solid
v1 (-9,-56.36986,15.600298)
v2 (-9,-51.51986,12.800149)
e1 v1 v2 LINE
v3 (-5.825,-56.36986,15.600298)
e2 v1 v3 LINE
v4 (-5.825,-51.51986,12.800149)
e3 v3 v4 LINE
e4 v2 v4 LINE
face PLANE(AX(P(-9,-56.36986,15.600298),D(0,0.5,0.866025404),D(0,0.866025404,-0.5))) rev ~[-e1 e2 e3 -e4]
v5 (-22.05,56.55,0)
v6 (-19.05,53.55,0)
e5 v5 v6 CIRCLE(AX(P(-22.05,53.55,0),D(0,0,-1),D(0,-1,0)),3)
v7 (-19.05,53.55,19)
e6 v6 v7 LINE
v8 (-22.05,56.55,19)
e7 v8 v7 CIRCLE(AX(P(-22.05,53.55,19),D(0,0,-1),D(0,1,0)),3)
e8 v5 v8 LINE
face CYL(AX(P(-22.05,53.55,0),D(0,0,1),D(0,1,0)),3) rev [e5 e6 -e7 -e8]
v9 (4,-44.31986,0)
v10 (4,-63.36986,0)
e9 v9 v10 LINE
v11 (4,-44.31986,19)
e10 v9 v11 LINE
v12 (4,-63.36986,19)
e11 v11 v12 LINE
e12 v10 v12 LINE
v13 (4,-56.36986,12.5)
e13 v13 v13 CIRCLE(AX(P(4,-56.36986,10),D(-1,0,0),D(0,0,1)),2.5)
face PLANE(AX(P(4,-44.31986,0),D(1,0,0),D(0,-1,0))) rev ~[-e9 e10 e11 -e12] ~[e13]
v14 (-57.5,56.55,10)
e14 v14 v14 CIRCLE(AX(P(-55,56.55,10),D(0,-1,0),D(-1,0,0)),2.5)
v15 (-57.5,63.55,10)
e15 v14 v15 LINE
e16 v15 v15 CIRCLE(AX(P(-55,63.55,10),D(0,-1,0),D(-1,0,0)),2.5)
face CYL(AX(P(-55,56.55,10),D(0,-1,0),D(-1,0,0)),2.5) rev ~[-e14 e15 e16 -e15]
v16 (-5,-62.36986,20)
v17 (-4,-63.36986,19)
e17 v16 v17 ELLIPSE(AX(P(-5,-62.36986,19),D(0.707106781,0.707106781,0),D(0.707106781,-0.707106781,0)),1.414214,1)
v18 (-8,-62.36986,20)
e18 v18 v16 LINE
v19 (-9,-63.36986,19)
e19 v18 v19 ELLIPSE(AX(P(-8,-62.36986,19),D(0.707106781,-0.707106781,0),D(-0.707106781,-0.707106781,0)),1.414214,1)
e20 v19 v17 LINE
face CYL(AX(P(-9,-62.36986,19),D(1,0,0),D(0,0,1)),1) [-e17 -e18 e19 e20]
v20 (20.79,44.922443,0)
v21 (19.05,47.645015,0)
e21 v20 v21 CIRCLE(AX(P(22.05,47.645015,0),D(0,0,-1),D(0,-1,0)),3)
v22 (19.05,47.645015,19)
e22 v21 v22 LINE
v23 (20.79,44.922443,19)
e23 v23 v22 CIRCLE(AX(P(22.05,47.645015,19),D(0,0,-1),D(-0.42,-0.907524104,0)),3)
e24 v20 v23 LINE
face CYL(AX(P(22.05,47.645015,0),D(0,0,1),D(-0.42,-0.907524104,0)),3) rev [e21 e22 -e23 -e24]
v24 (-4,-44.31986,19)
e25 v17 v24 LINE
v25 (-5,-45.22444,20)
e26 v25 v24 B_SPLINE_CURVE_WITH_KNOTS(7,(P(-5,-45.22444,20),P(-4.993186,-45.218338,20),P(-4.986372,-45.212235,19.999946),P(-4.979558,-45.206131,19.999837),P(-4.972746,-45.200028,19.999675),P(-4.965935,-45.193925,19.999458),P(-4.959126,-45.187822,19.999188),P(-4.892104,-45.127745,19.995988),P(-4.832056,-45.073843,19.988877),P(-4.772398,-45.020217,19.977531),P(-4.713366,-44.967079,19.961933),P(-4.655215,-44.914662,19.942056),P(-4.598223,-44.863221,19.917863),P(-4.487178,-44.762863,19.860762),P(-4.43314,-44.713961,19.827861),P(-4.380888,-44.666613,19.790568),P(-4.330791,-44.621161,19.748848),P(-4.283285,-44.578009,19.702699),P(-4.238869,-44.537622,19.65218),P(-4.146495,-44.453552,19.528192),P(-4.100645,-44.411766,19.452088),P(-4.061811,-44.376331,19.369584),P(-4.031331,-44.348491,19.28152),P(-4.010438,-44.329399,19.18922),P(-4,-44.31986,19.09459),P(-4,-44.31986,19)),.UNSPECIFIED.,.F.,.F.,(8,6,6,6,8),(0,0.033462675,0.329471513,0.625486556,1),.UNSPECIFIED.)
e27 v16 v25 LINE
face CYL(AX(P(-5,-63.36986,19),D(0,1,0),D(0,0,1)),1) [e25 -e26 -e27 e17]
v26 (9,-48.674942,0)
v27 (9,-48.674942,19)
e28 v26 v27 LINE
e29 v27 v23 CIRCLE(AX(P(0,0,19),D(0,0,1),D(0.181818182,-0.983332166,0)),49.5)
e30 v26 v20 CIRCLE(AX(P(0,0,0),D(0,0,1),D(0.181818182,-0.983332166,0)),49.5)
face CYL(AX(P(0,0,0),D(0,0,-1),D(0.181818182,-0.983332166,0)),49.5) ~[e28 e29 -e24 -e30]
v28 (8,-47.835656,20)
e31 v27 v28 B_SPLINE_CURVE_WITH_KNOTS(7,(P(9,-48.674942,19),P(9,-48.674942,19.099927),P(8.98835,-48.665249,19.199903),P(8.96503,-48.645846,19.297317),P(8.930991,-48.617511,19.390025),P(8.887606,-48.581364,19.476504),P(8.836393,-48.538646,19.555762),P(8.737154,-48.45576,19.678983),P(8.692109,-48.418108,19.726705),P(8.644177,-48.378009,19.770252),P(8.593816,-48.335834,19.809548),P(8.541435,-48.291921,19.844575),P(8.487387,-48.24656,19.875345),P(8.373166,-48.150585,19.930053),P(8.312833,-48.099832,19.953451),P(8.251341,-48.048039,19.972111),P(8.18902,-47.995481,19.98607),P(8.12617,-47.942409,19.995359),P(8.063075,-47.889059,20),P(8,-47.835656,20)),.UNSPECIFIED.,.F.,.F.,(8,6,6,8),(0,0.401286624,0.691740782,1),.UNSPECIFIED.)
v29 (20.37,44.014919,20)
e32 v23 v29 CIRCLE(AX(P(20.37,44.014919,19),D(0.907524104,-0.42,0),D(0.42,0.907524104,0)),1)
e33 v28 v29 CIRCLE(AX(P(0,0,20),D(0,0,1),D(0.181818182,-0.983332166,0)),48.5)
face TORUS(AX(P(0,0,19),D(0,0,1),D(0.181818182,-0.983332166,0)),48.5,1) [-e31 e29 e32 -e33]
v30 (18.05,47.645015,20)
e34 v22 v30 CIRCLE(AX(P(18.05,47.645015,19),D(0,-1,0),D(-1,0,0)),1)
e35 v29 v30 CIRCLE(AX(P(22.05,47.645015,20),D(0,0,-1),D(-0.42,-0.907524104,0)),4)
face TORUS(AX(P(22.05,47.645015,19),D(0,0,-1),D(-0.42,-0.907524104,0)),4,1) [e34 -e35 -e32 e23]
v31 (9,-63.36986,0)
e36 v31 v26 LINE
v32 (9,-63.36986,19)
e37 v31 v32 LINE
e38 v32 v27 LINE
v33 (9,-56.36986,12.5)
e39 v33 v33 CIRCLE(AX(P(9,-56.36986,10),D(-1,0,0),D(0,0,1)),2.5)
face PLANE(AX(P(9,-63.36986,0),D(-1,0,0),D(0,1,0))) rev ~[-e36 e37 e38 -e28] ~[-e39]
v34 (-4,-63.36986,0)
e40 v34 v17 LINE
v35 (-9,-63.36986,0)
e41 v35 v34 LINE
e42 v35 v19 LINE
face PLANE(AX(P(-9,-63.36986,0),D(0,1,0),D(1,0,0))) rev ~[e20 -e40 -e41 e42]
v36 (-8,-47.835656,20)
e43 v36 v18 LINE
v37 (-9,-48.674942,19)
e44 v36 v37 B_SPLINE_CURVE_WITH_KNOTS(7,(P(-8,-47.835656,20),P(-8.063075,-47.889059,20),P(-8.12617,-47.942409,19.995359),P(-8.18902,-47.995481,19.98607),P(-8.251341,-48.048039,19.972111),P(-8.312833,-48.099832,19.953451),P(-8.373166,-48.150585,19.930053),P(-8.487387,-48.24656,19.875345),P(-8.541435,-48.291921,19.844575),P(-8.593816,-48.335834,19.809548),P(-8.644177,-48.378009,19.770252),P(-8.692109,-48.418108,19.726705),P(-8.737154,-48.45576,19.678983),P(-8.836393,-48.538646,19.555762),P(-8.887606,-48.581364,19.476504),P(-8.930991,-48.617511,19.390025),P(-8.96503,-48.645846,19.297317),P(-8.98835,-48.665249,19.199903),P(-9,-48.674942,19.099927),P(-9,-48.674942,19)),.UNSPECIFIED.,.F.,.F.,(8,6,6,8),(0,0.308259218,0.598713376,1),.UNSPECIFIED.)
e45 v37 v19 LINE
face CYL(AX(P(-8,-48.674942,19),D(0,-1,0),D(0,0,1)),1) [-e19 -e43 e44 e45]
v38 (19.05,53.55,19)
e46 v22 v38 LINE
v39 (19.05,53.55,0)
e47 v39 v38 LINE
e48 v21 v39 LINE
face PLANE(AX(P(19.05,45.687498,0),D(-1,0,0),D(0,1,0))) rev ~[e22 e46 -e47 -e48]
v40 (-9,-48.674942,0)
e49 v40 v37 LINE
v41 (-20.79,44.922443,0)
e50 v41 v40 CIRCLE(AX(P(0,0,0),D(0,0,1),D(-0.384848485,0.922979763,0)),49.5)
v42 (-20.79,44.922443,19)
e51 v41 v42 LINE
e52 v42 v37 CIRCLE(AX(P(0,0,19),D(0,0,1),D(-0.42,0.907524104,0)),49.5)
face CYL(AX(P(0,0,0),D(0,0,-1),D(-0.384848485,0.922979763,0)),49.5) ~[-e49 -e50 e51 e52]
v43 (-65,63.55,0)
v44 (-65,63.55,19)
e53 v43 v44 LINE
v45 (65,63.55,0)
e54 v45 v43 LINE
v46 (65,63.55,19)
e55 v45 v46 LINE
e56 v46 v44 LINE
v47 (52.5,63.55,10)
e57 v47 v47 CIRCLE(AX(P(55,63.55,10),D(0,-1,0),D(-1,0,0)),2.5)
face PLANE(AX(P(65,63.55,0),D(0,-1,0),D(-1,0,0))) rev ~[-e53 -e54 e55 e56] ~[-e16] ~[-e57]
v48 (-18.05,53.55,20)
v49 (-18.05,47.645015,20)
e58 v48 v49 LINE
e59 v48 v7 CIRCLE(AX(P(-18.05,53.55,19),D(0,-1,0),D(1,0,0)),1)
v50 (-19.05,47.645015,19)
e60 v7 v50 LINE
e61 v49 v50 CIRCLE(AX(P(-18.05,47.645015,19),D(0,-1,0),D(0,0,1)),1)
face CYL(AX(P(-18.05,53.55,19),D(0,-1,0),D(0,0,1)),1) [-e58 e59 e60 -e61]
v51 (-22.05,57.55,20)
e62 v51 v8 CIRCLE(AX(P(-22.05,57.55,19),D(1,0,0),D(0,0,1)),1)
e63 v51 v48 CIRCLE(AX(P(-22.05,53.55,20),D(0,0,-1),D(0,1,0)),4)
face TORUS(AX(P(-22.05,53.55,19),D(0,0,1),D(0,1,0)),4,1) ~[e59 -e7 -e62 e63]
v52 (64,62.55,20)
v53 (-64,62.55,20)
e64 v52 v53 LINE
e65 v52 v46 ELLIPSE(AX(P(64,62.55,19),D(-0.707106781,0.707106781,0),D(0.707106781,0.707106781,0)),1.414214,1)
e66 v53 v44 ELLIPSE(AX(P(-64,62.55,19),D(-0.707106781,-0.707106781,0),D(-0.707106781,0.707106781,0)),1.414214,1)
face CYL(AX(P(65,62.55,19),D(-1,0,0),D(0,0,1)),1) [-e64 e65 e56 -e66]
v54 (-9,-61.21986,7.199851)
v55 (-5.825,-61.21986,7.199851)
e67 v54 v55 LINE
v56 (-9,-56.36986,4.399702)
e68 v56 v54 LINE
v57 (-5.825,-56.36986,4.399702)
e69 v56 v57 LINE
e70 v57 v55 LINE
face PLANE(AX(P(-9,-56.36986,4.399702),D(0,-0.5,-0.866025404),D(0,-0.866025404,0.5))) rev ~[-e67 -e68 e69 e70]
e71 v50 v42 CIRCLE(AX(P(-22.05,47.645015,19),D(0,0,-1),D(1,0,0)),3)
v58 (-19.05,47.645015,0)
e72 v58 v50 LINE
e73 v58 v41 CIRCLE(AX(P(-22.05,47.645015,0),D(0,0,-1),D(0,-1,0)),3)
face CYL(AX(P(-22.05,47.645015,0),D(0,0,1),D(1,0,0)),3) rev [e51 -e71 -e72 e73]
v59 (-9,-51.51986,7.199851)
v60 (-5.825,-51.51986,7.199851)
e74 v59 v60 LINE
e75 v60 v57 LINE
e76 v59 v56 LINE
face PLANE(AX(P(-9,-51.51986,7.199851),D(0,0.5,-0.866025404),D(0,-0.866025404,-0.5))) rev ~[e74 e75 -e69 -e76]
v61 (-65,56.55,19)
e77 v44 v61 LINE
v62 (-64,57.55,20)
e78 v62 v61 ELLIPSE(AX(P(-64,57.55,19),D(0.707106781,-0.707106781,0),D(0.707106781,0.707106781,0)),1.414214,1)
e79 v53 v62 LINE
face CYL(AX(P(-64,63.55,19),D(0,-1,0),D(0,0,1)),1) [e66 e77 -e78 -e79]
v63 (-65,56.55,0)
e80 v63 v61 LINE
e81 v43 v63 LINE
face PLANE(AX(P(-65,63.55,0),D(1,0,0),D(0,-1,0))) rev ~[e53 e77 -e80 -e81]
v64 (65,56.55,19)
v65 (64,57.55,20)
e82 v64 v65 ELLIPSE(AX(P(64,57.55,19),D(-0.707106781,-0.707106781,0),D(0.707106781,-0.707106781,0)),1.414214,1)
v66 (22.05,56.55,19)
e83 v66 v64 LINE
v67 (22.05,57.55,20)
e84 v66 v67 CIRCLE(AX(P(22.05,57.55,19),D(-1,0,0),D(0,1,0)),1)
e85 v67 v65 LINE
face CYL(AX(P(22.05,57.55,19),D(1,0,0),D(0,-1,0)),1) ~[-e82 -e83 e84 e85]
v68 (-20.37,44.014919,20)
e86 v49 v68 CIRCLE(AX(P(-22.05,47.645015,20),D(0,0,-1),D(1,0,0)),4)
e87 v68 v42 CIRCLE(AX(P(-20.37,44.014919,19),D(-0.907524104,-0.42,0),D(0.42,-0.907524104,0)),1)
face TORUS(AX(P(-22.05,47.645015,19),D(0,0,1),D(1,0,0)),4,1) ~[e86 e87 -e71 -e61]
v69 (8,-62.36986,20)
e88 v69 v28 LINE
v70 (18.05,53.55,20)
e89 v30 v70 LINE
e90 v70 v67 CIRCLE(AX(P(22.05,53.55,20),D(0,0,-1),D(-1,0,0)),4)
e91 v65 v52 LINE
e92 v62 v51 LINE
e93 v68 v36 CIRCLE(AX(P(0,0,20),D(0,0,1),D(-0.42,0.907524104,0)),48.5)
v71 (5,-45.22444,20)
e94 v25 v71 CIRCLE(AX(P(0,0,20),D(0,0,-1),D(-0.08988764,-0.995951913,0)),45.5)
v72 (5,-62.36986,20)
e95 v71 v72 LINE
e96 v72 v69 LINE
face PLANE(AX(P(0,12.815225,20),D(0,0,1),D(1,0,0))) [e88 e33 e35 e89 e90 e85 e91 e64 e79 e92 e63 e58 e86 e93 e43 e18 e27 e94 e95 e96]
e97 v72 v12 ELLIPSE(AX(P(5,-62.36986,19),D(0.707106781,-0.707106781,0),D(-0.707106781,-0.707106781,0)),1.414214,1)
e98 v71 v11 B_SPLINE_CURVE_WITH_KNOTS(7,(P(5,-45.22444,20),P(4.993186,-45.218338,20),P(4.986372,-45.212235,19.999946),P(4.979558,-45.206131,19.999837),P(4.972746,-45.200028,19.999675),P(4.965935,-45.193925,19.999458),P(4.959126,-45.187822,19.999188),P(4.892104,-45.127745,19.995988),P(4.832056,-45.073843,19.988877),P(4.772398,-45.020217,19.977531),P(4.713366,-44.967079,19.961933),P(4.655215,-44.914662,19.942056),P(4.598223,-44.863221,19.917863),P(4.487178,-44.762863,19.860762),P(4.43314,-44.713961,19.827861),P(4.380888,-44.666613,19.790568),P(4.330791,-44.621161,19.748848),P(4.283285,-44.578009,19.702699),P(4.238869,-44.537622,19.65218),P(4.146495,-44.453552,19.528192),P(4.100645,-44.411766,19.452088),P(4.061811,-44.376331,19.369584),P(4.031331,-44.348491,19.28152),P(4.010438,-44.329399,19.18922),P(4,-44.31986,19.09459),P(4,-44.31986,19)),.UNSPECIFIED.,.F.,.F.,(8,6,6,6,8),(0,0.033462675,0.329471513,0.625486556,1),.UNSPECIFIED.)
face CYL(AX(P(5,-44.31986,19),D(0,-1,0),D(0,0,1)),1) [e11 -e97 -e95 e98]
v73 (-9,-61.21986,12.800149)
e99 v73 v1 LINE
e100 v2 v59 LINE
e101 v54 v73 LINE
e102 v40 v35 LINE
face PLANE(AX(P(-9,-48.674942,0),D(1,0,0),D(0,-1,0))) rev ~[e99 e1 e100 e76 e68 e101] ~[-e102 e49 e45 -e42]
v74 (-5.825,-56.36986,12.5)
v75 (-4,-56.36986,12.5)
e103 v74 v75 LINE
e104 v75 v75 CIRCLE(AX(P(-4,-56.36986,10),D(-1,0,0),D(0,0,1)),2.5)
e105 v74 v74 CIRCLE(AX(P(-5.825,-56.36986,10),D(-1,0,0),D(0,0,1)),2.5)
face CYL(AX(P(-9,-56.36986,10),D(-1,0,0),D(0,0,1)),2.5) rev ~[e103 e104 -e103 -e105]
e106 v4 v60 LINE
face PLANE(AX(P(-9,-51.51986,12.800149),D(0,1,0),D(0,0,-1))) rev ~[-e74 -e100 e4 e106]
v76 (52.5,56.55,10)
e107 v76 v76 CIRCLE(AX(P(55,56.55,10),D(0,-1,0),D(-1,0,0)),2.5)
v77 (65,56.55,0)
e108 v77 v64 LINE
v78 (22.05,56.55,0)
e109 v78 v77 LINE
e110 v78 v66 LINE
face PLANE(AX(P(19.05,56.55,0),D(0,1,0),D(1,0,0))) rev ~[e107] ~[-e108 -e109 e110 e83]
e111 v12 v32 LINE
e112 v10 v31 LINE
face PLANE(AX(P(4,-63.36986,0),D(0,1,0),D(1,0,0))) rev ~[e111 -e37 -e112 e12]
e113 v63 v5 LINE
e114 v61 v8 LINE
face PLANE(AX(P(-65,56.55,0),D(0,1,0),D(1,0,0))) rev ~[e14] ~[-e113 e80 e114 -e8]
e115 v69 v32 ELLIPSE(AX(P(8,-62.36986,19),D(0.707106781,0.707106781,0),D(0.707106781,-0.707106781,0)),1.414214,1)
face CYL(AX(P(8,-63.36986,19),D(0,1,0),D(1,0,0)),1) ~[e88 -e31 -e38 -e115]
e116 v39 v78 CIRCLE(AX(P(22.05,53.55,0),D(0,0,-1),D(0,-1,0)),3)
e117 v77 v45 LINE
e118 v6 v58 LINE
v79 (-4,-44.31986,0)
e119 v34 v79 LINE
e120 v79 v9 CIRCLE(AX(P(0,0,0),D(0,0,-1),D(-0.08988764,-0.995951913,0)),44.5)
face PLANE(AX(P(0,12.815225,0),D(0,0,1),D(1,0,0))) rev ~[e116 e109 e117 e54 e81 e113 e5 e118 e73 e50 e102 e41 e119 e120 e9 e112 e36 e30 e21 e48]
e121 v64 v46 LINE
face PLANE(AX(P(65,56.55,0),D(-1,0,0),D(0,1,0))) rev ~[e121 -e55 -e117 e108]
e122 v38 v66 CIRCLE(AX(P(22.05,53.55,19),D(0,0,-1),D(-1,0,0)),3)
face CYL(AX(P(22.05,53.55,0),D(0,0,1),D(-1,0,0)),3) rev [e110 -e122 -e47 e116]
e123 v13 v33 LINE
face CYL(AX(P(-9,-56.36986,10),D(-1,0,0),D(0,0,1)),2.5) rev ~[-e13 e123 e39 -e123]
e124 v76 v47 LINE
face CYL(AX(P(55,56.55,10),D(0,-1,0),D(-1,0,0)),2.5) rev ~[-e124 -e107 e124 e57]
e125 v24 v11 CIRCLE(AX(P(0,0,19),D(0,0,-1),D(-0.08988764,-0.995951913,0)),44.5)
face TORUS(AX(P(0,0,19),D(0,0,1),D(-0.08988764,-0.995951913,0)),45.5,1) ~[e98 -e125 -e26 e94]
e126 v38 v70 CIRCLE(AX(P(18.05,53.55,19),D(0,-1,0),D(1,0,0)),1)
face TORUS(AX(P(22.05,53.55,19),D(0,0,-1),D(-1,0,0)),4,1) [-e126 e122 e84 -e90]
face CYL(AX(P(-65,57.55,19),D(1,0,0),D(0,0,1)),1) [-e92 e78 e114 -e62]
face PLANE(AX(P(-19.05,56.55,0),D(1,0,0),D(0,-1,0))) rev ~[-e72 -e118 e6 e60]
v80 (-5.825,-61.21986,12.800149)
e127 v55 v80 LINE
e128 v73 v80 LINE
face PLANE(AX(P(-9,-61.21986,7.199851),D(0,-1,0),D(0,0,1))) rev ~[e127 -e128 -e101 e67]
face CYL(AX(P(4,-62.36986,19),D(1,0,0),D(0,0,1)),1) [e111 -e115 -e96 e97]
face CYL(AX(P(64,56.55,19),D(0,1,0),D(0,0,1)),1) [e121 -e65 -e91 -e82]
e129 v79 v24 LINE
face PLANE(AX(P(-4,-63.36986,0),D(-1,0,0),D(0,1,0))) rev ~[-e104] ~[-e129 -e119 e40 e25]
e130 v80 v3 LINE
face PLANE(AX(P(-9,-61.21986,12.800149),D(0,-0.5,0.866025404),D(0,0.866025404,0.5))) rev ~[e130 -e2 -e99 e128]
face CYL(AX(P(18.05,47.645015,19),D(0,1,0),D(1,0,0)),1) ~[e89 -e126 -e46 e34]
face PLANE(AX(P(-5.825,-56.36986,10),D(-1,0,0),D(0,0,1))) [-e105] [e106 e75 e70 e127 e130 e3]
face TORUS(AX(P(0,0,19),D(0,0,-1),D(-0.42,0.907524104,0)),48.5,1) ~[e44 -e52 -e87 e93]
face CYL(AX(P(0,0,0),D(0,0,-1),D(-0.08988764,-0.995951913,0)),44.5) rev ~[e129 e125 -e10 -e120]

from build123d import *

# Parameters (mm, degrees)
BOSS_EXTRUDE1_DEPTH = 20
FILLET1_R           = 3
SKETCH2_R           = 2.5
CUT_EXTRUDE1_DEPTH  = 8
SKETCH3_R           = 2.5
CUT_EXTRUDE2_DEPTH  = 75
SKETCH3_4_R         = 2.5
CUT_EXTRUDE3_DEPTH  = 3.175
FILLET2_R           = 1


with BuildPart() as part:
    # Sketch1 → Boss-Extrude1 (new body)
    with BuildSketch(Plane.XY):
        with BuildLine():
            Line((4, -44.319860108), (4, -63.369860108))
            Line((4, -63.369860108), (9, -63.369860108))
            Line((9, -63.369860108), (9, -48.674942219))
            ThreePointArc((9, -48.674942219), (49.221622989, -5.242311542), (19.05, 45.68749829))
            Line((19.05, 45.68749829), (19.05, 56.55))
            Line((19.05, 56.55), (65, 56.55))
            Line((65, 56.55), (65, 63.55))
            Line((65, 63.55), (-65, 63.55))
            Line((-65, 63.55), (-65, 56.55))
            Line((-65, 56.55), (-19.05, 56.55))
            Line((-19.05, 56.55), (-19.05, 45.68749829))
            ThreePointArc((-19.05, 45.68749829), (-49.221622989, -5.242311542), (-9, -48.674942219))
            Line((-9, -48.674942219), (-9, -63.369860108))
            Line((-9, -63.369860108), (-4, -63.369860108))
            Line((-4, -63.369860108), (-4, -44.319860108))
            ThreePointArc((-4, -44.319860108), (0, 44.5), (4, -44.319860108))
        make_face()
    extrude(amount=BOSS_EXTRUDE1_DEPTH)

    # Fillet1
    fillet1_edges = [part.edges().sort_by_distance(p)[0] for p in [
        (-19.05, 56.55, 10),
        (19.05, 56.55, 10),
        (19.05, 45.68749829, 10),
        (-19.05, 45.68749829, 10),
    ]]
    fillet(fillet1_edges, radius=FILLET1_R)

    # Sketch2 → Cut-Extrude1 (cut, through all)
    with BuildSketch(Plane(origin=(0, 56.55, 0), x_dir=(-1, 0, 0), z_dir=(0, -1, 0))):
        with Locations((55, -10)):
            Circle(SKETCH2_R)
        with Locations((-55, -10)):
            Circle(SKETCH2_R)
    extrude(amount=-CUT_EXTRUDE1_DEPTH, mode=Mode.SUBTRACT)

    # Sketch3 → Cut-Extrude2 (cut, through all)
    with BuildSketch(Plane.ZY.offset(9)):
        with Locations((10, -56.369860108)):
            Circle(SKETCH3_R)
    extrude(amount=-CUT_EXTRUDE2_DEPTH, mode=Mode.SUBTRACT)

    # Sketch3<4> → Cut-Extrude3 (cut)
    with BuildSketch(Plane.ZY.offset(9)):
        Polygon((15.600297611, -56.369860108), (12.800148806, -51.519860108), (7.199851194, -51.519860108), (4.399702389, -56.369860108), (7.199851194, -61.219860108), (12.800148806, -61.219860108), align=None)
        with Locations((10, -56.369860108)):
            Circle(SKETCH3_4_R, mode=Mode.SUBTRACT)
    extrude(amount=-CUT_EXTRUDE3_DEPTH, mode=Mode.SUBTRACT)

    # Fillet2
    fillet2_edges = [part.edges().sort_by_distance(p)[0] for p in [
        (-9, -56.022401163, 20),
        (-6.5, -63.369860108, 20),
        (-4, -53.844860108, 20),
        (0, 44.5, 20),
        (4, -53.844860108, 20),
        (6.5, -63.369860108, 20),
        (9, -56.022401163, 20),
        (49.1118994, -6.186383215, 20),
        (19.05, 50.59750774, 20),
        (43.525, 56.55, 20),
        (-49.1118994, -6.186383215, 20),
        (65, 60.05, 20),
        (-19.05, 50.59750774, 20),
        (19.522155068, 46.029466037, 20),
        (0, 63.55, 20),
        (19.928679656, 55.671320344, 20),
        (-19.522155068, 46.029466037, 20),
        (-19.928679656, 55.671320344, 20),
        (-65, 60.05, 20),
        (-43.525, 56.55, 20),
    ]]
    fillet(fillet2_edges, radius=FILLET2_R)


solid = part.part
